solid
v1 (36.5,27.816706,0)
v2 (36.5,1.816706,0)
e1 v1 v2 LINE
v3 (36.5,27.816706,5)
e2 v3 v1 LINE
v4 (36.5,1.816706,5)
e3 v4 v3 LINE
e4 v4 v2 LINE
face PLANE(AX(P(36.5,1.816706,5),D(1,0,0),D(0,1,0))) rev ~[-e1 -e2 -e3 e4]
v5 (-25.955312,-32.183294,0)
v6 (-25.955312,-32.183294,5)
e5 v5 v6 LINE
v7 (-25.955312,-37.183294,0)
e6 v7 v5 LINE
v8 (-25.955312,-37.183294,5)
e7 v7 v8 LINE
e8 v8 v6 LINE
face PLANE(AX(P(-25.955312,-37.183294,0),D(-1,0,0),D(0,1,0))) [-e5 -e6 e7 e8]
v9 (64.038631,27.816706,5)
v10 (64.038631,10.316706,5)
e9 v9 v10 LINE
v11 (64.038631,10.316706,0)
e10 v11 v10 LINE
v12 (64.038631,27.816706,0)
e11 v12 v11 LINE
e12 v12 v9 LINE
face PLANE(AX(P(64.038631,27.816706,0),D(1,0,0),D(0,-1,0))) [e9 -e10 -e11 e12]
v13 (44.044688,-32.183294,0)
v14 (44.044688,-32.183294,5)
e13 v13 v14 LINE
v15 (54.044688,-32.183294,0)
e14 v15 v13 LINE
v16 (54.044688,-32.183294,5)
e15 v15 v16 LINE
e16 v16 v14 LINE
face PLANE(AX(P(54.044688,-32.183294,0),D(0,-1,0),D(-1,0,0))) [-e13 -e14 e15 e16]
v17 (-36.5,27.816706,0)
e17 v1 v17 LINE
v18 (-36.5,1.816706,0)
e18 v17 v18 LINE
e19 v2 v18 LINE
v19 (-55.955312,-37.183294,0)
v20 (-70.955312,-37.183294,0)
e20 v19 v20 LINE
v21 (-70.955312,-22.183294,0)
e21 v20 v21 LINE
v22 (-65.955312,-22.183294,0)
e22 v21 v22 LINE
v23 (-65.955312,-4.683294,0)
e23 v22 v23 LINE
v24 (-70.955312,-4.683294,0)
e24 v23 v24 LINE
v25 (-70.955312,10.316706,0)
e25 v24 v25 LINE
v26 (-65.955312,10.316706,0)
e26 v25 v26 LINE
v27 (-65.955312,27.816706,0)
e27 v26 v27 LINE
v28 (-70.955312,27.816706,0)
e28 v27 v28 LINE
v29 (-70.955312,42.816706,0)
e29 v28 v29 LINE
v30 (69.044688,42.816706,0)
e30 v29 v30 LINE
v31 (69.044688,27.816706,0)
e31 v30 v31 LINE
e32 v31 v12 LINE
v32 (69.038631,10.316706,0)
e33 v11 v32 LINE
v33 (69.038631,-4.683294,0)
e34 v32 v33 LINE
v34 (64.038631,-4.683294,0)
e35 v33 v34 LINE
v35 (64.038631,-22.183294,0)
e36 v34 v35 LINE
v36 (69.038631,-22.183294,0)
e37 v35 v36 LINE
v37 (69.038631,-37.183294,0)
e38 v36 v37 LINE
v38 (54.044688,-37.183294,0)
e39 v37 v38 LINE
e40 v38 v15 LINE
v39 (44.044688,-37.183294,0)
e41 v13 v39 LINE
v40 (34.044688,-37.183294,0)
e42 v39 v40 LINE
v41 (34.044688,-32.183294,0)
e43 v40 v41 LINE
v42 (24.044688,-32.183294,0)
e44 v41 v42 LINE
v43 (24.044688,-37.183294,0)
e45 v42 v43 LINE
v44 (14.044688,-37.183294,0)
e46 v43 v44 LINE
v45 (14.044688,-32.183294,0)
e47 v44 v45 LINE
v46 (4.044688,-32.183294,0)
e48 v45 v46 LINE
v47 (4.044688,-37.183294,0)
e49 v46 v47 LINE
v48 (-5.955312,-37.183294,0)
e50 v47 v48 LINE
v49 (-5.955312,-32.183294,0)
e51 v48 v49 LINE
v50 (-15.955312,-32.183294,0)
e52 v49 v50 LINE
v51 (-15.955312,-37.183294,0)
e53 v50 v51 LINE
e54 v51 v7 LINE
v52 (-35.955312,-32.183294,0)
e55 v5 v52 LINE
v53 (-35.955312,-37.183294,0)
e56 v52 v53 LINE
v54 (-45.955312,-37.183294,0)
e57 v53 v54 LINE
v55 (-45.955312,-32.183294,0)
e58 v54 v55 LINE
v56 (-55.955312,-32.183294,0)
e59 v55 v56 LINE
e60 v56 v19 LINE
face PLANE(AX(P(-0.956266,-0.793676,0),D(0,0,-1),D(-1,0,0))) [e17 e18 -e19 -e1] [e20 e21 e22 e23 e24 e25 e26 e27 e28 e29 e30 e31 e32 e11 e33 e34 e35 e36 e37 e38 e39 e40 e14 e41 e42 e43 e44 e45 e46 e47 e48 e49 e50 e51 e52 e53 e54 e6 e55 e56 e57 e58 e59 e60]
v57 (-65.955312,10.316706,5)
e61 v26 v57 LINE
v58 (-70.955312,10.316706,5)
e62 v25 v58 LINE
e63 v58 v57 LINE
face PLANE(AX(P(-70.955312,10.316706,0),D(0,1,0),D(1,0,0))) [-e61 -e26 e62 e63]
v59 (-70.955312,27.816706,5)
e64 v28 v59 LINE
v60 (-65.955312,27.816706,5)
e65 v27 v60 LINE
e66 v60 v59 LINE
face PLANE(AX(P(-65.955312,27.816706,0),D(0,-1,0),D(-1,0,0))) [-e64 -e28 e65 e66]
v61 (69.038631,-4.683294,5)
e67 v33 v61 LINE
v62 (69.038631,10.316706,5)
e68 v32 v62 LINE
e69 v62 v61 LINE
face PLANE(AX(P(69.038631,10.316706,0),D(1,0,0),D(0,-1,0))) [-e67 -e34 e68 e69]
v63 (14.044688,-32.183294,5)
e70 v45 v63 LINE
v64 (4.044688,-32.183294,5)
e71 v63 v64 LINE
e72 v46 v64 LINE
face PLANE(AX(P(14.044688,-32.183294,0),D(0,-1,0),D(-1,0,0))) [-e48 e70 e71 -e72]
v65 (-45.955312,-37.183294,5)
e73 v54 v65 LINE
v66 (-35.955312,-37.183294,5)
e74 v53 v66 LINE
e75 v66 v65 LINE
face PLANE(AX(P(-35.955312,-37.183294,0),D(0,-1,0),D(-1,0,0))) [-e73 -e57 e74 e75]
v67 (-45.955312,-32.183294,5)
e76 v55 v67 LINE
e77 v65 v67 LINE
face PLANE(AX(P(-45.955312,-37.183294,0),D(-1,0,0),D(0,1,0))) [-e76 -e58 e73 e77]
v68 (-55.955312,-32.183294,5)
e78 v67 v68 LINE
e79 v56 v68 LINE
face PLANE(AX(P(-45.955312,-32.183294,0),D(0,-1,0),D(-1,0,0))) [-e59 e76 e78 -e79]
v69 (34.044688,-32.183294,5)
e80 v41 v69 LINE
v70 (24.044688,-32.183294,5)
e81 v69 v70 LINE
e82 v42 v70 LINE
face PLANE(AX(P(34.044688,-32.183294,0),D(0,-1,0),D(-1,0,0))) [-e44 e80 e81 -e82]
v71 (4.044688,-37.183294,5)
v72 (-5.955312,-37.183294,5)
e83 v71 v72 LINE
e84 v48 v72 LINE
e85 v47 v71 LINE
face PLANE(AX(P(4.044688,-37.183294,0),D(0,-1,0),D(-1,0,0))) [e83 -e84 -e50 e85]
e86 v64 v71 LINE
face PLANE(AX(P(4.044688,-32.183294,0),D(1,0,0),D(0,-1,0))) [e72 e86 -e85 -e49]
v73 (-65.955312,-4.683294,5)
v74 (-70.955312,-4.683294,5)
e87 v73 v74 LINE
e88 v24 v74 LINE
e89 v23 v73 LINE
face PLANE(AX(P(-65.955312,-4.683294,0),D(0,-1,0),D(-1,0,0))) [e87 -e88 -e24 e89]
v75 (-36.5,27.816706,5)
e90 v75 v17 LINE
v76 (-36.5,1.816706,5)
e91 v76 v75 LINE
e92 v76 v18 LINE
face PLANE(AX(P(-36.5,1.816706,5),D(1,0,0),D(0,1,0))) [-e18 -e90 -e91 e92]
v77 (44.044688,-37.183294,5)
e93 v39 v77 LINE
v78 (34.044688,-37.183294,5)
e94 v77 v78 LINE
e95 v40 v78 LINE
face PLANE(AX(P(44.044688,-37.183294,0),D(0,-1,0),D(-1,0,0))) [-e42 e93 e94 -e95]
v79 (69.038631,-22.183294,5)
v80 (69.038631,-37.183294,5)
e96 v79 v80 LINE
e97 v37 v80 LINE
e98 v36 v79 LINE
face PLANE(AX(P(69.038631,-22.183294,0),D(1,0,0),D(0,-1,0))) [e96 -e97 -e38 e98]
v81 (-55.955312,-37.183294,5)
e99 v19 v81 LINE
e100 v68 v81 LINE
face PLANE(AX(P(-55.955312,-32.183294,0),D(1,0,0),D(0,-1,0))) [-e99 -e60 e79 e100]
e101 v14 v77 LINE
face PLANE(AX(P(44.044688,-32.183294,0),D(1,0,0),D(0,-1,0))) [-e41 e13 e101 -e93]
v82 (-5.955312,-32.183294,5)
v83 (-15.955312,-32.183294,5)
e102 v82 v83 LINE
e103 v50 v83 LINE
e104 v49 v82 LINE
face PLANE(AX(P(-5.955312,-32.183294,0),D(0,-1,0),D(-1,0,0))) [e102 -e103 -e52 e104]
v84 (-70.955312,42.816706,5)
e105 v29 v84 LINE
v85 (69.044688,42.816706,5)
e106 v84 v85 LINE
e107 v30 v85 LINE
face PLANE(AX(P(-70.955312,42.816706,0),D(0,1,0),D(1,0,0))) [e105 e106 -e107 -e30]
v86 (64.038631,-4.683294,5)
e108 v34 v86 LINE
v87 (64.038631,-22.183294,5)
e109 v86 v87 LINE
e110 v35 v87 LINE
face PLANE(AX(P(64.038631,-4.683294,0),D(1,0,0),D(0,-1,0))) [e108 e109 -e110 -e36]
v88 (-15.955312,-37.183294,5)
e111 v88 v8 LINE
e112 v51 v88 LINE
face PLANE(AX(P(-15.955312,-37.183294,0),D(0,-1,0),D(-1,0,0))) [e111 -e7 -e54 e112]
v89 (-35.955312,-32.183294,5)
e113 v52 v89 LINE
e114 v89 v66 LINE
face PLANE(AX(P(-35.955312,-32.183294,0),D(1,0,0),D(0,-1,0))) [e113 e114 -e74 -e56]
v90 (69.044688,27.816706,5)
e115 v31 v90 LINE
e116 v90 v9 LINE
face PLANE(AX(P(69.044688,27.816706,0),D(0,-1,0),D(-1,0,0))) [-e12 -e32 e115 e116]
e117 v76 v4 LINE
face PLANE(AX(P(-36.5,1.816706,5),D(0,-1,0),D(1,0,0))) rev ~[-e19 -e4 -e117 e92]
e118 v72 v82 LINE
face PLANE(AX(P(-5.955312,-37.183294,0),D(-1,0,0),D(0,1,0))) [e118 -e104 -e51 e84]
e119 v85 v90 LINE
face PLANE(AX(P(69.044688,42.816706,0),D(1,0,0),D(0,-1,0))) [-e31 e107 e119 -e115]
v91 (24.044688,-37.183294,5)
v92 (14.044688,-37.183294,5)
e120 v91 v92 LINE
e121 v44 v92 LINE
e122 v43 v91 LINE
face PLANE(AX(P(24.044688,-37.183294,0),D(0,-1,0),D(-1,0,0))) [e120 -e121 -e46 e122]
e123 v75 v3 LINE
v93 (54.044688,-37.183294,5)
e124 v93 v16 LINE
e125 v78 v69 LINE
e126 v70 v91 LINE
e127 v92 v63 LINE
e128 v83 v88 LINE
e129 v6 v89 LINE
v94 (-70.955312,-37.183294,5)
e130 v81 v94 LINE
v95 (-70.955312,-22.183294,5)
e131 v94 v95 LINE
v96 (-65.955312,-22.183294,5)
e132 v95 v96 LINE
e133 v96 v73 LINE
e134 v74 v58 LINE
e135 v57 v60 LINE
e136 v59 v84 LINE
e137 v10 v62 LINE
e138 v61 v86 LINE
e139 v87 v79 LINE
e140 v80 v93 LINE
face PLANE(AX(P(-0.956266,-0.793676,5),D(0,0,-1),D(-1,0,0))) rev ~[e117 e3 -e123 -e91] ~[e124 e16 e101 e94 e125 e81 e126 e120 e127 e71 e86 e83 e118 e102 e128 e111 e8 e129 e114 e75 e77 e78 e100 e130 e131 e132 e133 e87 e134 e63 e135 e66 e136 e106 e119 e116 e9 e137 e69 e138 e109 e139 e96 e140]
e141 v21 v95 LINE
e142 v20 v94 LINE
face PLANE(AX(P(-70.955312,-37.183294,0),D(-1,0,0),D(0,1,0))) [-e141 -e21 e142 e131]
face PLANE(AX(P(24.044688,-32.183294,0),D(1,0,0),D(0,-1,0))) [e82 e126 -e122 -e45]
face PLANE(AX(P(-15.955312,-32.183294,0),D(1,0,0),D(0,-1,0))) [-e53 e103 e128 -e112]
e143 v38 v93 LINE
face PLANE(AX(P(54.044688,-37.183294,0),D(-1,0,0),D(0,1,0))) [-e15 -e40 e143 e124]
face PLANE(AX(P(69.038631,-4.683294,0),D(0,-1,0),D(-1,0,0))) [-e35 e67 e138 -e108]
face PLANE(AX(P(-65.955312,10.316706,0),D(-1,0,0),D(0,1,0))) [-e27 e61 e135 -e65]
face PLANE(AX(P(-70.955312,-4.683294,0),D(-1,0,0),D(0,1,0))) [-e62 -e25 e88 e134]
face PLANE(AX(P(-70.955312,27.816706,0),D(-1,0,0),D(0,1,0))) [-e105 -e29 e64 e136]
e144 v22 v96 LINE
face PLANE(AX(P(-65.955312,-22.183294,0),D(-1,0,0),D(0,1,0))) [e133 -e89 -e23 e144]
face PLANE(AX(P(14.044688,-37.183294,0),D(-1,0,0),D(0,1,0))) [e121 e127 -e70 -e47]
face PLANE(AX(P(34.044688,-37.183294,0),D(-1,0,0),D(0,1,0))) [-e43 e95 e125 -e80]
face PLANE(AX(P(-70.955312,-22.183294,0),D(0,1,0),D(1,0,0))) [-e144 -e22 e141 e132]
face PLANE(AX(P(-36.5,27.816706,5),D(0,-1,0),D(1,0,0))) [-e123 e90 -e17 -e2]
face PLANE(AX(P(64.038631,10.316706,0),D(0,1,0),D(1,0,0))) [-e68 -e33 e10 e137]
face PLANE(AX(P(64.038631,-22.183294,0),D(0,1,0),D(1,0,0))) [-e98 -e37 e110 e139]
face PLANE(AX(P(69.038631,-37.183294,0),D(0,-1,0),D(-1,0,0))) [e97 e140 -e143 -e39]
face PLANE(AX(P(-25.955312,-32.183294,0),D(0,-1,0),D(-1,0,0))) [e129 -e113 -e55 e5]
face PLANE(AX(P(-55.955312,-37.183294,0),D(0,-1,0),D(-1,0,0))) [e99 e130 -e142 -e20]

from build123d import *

# Parameters (mm, degrees)
BOSS_EXTRUDE1_DEPTH = 5
SKETCH3_W           = 73
SKETCH3_H           = 26
CUT_EXTRUDE1_DEPTH  = 84.023651357


with BuildPart() as part:
    # Sketch1 → Boss-Extrude1 (new body)
    with BuildSketch(Plane.XY):
        Polygon((69.038630962, -4.683293815), (64.038630962, -4.683293815), (64.038630962, -22.183293815), (69.038630962, -22.183293815), (69.038630962, -37.183293815), (54.044687612, -37.183293815), (54.044687612, -32.183293815), (44.044687612, -32.183293815), (44.044687612, -37.183293815), (34.044687612, -37.183293815), (34.044687612, -32.183293815), (24.044687612, -32.183293815), (24.044687612, -37.183293815), (14.044687612, -37.183293815), (14.044687612, -32.183293815), (4.044687612, -32.183293815), (4.044687612, -37.183293815), (-5.955312388, -37.183293815), (-5.955312388, -32.183293815), (-15.955312388, -32.183293815), (-15.955312388, -37.183293815), (-25.955312388, -37.183293815), (-25.955312388, -32.183293815), (-35.955312388, -32.183293815), (-35.955312388, -37.183293815), (-45.955312388, -37.183293815), (-45.955312388, -32.183293815), (-55.955312388, -32.183293815), (-55.955312388, -37.183293815), (-70.955312388, -37.183293815), (-70.955312388, -22.183293815), (-65.955312388, -22.183293815), (-65.955312388, -4.683293815), (-70.955312388, -4.683293815), (-70.955312388, 10.316706185), (-65.955312388, 10.316706185), (-65.955312388, 27.816706185), (-70.955312388, 27.816706185), (-70.955312388, 42.816706185), (69.044687612, 42.816706185), (69.044687612, 27.816706185), (64.038630962, 27.816706185), (64.038630962, 10.316706185), (69.038630962, 10.316706185), align=None)
    extrude(amount=BOSS_EXTRUDE1_DEPTH)

    # Sketch3 → Cut-Extrude1 (cut, through all)
    with BuildSketch(Plane.XY.offset(5)):
        with Locations((0, 14.816706185)):
            Rectangle(SKETCH3_W, SKETCH3_H)
    extrude(amount=-CUT_EXTRUDE1_DEPTH, mode=Mode.SUBTRACT)


solid = part.part
